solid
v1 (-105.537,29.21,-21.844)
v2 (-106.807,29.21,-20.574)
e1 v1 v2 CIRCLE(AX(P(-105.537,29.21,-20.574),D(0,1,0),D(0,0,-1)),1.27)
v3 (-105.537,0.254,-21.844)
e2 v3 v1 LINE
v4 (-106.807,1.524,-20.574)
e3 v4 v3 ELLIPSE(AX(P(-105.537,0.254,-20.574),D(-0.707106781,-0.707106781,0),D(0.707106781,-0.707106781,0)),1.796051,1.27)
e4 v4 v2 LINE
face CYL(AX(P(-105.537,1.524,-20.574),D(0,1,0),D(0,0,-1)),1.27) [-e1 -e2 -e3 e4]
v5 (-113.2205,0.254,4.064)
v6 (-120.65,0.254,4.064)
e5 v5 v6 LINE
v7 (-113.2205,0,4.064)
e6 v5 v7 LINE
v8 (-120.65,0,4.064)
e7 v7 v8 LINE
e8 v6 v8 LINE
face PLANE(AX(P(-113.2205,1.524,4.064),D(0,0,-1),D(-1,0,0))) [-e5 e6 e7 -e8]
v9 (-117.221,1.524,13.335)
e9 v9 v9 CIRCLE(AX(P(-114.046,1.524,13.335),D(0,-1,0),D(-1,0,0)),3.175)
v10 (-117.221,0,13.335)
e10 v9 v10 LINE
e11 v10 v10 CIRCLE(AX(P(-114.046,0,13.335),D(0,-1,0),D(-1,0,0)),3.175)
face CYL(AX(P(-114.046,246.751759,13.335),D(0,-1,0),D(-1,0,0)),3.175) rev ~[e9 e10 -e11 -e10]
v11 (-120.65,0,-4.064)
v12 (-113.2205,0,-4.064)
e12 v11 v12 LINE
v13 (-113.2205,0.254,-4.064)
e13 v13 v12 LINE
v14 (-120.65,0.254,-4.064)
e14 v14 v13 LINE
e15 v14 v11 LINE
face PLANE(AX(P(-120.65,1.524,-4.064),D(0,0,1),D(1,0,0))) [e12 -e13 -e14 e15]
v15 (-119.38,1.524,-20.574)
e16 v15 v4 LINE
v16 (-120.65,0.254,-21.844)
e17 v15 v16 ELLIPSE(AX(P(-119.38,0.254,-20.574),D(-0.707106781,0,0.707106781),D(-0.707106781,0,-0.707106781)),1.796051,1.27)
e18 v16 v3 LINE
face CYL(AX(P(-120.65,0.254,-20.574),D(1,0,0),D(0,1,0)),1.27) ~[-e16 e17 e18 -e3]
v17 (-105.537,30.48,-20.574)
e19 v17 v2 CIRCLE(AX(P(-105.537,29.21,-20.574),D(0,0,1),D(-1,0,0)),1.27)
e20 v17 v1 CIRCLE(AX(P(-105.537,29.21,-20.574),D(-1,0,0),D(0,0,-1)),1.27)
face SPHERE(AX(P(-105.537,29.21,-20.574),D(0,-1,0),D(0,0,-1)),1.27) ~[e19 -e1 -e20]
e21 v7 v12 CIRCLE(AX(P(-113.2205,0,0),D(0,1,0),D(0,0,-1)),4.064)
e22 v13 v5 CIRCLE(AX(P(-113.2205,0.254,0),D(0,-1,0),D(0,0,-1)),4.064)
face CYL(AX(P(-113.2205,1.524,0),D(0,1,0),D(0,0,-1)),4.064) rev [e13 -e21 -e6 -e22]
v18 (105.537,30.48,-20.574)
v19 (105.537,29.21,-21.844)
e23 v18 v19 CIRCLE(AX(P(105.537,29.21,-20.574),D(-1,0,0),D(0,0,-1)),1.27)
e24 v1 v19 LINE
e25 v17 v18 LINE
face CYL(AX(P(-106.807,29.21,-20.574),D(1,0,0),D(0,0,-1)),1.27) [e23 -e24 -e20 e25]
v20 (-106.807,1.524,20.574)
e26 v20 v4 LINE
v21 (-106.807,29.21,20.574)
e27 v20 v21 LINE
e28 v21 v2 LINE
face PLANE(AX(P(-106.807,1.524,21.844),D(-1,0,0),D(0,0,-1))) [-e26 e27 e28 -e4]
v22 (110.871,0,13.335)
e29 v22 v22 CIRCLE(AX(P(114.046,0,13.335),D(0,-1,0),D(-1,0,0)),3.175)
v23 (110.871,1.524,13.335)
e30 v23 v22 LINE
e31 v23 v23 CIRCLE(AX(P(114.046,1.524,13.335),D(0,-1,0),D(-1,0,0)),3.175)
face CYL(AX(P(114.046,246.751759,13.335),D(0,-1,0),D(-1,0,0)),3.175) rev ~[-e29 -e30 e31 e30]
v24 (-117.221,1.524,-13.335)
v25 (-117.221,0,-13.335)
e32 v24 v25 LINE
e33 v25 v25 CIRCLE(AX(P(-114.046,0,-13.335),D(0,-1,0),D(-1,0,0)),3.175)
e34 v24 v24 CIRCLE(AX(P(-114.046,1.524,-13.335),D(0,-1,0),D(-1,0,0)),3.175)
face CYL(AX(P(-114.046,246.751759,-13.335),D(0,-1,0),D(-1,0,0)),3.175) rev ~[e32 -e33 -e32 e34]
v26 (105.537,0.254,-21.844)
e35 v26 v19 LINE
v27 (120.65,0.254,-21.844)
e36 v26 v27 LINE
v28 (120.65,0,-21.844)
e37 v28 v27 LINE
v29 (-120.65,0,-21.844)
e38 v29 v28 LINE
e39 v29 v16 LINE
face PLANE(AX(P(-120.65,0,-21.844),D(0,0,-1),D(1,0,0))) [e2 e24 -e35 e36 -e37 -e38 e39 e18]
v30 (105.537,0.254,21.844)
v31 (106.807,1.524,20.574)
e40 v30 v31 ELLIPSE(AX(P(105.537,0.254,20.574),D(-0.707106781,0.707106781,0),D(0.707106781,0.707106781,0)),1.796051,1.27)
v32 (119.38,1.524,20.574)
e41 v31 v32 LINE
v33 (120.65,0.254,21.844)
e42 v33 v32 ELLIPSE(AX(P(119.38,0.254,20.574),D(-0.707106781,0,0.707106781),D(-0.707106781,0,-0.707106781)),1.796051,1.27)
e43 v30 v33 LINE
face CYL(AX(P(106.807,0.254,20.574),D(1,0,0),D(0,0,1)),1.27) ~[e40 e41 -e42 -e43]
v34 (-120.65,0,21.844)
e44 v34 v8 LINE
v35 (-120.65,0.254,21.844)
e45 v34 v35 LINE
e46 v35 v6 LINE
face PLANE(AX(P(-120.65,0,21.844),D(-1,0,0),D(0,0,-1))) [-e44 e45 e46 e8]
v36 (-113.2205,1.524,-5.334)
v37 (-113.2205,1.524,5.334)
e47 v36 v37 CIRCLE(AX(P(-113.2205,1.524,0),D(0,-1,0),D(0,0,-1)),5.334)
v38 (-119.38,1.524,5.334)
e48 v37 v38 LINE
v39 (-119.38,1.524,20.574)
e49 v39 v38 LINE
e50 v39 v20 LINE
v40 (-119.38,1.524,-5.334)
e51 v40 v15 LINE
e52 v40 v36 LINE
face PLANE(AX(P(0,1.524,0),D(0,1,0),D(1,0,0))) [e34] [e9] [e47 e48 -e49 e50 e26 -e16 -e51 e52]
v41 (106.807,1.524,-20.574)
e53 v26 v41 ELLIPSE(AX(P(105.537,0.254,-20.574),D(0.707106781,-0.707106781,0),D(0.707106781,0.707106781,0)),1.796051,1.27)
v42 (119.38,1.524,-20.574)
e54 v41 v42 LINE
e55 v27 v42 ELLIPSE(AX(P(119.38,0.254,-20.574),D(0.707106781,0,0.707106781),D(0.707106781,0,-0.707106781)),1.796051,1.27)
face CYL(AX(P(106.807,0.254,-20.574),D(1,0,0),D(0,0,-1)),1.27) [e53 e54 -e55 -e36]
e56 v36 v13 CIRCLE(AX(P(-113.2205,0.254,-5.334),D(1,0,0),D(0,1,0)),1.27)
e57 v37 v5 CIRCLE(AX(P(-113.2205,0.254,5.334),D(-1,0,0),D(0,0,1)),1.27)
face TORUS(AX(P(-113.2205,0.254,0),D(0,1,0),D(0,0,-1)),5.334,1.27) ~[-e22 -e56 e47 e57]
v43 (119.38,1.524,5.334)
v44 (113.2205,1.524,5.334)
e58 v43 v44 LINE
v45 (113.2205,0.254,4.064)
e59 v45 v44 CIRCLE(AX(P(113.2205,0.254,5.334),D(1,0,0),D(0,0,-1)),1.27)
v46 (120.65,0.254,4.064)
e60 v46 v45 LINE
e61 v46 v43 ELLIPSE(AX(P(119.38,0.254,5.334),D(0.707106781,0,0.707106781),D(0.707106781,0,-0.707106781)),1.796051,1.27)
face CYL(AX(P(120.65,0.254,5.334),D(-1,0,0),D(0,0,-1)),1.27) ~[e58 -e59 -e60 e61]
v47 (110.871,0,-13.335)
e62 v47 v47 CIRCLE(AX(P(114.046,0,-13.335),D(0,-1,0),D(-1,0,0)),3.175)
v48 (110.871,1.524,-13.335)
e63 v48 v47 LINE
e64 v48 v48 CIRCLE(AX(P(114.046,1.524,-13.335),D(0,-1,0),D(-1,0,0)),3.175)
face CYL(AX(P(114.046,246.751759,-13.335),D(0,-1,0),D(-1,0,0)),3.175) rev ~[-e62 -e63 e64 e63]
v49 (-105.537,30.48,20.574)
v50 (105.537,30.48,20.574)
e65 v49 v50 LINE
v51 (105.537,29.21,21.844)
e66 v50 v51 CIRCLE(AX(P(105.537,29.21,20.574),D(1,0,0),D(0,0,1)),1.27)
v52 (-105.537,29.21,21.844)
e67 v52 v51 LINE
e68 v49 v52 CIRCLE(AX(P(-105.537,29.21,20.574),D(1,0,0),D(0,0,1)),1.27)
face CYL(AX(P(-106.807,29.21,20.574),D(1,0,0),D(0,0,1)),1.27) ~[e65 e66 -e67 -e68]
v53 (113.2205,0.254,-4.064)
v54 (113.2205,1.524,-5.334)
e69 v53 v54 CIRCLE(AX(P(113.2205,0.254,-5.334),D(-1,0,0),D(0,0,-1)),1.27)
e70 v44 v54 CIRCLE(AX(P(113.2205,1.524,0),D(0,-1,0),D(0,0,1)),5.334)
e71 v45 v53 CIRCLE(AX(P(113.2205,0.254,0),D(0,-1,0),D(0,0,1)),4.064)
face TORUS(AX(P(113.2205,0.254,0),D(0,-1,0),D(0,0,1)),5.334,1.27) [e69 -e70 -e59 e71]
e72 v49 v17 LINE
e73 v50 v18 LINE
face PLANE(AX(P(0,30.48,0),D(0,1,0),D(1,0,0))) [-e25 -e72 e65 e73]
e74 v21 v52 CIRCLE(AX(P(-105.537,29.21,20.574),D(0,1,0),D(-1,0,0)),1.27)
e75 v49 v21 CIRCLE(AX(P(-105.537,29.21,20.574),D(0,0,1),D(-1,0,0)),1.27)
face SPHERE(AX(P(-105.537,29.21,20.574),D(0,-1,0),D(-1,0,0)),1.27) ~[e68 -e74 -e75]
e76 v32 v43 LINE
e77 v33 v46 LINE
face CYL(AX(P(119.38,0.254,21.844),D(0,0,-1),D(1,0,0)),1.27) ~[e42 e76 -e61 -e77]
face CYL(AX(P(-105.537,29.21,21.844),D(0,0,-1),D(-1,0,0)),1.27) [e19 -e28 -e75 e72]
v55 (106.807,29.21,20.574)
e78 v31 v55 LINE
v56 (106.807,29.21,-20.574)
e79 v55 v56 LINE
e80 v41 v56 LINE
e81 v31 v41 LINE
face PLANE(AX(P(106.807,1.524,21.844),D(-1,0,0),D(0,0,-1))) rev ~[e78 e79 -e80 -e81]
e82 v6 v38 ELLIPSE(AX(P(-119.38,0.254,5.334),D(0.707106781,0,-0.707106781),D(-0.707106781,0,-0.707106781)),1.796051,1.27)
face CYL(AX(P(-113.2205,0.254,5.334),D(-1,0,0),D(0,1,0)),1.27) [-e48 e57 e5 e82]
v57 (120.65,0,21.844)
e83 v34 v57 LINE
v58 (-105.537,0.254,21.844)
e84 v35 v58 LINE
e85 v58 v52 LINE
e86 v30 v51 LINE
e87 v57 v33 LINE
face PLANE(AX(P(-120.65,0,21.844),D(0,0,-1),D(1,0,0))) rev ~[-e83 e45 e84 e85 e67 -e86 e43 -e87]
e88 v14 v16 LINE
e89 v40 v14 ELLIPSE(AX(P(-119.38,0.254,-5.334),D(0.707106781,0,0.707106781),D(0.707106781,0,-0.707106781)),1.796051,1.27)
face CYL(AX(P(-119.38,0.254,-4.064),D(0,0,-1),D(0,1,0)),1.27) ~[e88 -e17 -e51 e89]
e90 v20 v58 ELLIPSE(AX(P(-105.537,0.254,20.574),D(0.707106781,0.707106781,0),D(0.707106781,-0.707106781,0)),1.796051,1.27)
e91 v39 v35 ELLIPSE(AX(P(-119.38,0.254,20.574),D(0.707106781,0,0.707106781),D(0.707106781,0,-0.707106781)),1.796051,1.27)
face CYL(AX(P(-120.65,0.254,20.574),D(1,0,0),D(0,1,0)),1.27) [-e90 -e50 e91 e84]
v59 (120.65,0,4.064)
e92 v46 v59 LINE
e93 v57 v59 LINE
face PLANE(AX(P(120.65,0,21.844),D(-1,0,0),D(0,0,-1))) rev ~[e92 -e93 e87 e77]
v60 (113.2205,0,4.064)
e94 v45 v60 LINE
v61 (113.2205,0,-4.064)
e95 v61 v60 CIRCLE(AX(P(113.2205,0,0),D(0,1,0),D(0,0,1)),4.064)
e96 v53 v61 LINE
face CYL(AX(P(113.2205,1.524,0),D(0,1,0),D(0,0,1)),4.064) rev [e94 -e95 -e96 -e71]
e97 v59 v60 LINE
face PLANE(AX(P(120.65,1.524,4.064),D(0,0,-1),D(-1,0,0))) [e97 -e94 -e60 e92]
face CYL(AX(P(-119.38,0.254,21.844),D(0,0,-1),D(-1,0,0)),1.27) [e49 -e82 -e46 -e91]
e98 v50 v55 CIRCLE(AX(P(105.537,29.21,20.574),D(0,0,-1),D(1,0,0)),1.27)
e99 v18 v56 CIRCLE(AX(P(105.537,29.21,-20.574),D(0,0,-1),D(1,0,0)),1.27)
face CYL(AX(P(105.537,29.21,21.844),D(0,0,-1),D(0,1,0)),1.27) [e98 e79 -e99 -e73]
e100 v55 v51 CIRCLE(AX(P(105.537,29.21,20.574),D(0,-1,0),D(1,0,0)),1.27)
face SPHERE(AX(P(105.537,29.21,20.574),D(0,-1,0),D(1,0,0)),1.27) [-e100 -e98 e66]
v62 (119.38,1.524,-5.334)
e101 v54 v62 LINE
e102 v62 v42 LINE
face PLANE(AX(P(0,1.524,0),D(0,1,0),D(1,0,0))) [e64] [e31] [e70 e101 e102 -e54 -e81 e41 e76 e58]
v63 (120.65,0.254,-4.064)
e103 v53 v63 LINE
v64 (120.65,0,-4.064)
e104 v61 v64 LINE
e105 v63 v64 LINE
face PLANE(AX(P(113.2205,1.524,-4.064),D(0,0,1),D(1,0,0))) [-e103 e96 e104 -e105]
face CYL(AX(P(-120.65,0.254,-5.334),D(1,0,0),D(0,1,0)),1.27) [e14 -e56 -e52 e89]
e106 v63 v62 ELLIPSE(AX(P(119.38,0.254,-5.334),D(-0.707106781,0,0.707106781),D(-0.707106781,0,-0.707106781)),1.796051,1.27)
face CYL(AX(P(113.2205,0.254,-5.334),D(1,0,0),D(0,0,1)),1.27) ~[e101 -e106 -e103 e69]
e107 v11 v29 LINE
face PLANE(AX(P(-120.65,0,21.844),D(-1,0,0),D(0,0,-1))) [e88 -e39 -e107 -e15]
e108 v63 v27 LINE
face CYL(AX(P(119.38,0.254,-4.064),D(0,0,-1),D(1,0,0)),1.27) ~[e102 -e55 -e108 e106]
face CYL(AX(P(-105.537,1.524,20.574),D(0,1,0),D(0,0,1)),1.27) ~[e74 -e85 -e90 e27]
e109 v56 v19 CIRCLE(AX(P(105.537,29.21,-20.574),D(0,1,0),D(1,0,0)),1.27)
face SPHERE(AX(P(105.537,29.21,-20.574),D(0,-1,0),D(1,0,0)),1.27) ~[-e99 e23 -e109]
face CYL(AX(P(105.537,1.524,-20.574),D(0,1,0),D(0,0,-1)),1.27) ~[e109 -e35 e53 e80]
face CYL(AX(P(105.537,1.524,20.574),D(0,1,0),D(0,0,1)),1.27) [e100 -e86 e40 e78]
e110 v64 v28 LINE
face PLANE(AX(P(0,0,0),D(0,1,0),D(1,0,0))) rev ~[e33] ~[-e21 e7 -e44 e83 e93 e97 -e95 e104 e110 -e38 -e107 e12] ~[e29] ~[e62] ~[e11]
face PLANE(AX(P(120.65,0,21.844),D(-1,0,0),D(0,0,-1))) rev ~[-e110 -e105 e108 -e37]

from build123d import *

# Parameters (mm, degrees)
SKETCH1_W                   = 241.3
SKETCH1_H                   = 43.688
BOSS_EXTRUDE1_DEPTH         = 1.524
F_1_4_0_25_DIAMETER_HOLE1_D = 6.35
CUT_EXTRUDE1_DEPTH          = 2.524
SKETCH5_W                   = 213.614
SKETCH5_H                   = 43.688
BOSS_EXTRUDE2_DEPTH         = 28.956
FILLET2_R                   = 1.27


with BuildPart() as part:
    # Sketch1 → Boss-Extrude1 (new body)
    with BuildSketch(Plane(origin=(0, 0, 0), x_dir=(1, 0, 0), z_dir=(0, 1, 0))):
        Rectangle(SKETCH1_W, SKETCH1_H)
    extrude(amount=BOSS_EXTRUDE1_DEPTH)

    # 1/4 (0.25) Diameter Hole1 (through all)
    with Locations(Plane(origin=(0, 1.524, 0), x_dir=(1, 0, 0), z_dir=(0, 1, 0))):
        with Locations((114.046, -13.335), (-114.046, 13.335), (-114.046, -13.335), (114.046, 13.335)):
            Hole(F_1_4_0_25_DIAMETER_HOLE1_D / 2)

    # Sketch4 → Cut-Extrude1 (cut, through all)
    with BuildSketch(Plane(origin=(0, 1.524, 0), x_dir=(1, 0, 0), z_dir=(0, 1, 0))):
        with BuildLine():
            Line((-120.65, 4.064), (-113.2205, 4.064))
            ThreePointArc((-113.2205, 4.064), (-109.1565, 0), (-113.2205, -4.064))
            Line((-113.2205, -4.064), (-120.65, -4.064))
            Line((-120.65, -4.064), (-120.65, 4.064))
        make_face()
        with BuildLine():
            Line((113.2205, 4.064), (120.65, 4.064))
            Line((120.65, 4.064), (120.65, -4.064))
            Line((120.65, -4.064), (113.2205, -4.064))
            ThreePointArc((113.2205, -4.064), (109.1565, 0), (113.2205, 4.064))
        make_face()
    extrude(amount=-CUT_EXTRUDE1_DEPTH, mode=Mode.SUBTRACT)

    # Sketch5 → Boss-Extrude2 (add)
    with BuildSketch(Plane(origin=(0, 1.524, 0), x_dir=(1, 0, 0), z_dir=(0, 1, 0))):
        Rectangle(SKETCH5_W, SKETCH5_H)
    extrude(amount=BOSS_EXTRUDE2_DEPTH)

    # Fillet2
    fillet2_edges = [part.edges().sort_by_distance(p)[0] for p in [
        (-120.65, 1.524, -12.954),
        (-113.7285, 1.524, 21.844),
        (120.65, 1.524, -12.954),
        (120.65, 1.524, 12.954),
        (116.93525, 1.524, -4.064),
        (109.1565, 1.524, 0),
        (116.93525, 1.524, 4.064),
        (-120.65, 1.524, 12.954),
        (-109.1565, 1.524, 0),
        (-116.93525, 1.524, -4.064),
        (-116.93525, 1.524, 4.064),
        (113.7285, 1.524, 21.844),
        (-113.7285, 1.524, -21.844),
        (106.807, 16.002, 21.844),
        (106.807, 16.002, -21.844),
        (-106.807, 16.002, -21.844),
        (-106.807, 16.002, 21.844),
        (106.807, 30.48, 0),
        (113.7285, 1.524, -21.844),
        (0, 30.48, -21.844),
        (-106.807, 30.48, 0),
        (0, 30.48, 21.844),
    ]]
    fillet(fillet2_edges, radius=FILLET2_R)


solid = part.part
